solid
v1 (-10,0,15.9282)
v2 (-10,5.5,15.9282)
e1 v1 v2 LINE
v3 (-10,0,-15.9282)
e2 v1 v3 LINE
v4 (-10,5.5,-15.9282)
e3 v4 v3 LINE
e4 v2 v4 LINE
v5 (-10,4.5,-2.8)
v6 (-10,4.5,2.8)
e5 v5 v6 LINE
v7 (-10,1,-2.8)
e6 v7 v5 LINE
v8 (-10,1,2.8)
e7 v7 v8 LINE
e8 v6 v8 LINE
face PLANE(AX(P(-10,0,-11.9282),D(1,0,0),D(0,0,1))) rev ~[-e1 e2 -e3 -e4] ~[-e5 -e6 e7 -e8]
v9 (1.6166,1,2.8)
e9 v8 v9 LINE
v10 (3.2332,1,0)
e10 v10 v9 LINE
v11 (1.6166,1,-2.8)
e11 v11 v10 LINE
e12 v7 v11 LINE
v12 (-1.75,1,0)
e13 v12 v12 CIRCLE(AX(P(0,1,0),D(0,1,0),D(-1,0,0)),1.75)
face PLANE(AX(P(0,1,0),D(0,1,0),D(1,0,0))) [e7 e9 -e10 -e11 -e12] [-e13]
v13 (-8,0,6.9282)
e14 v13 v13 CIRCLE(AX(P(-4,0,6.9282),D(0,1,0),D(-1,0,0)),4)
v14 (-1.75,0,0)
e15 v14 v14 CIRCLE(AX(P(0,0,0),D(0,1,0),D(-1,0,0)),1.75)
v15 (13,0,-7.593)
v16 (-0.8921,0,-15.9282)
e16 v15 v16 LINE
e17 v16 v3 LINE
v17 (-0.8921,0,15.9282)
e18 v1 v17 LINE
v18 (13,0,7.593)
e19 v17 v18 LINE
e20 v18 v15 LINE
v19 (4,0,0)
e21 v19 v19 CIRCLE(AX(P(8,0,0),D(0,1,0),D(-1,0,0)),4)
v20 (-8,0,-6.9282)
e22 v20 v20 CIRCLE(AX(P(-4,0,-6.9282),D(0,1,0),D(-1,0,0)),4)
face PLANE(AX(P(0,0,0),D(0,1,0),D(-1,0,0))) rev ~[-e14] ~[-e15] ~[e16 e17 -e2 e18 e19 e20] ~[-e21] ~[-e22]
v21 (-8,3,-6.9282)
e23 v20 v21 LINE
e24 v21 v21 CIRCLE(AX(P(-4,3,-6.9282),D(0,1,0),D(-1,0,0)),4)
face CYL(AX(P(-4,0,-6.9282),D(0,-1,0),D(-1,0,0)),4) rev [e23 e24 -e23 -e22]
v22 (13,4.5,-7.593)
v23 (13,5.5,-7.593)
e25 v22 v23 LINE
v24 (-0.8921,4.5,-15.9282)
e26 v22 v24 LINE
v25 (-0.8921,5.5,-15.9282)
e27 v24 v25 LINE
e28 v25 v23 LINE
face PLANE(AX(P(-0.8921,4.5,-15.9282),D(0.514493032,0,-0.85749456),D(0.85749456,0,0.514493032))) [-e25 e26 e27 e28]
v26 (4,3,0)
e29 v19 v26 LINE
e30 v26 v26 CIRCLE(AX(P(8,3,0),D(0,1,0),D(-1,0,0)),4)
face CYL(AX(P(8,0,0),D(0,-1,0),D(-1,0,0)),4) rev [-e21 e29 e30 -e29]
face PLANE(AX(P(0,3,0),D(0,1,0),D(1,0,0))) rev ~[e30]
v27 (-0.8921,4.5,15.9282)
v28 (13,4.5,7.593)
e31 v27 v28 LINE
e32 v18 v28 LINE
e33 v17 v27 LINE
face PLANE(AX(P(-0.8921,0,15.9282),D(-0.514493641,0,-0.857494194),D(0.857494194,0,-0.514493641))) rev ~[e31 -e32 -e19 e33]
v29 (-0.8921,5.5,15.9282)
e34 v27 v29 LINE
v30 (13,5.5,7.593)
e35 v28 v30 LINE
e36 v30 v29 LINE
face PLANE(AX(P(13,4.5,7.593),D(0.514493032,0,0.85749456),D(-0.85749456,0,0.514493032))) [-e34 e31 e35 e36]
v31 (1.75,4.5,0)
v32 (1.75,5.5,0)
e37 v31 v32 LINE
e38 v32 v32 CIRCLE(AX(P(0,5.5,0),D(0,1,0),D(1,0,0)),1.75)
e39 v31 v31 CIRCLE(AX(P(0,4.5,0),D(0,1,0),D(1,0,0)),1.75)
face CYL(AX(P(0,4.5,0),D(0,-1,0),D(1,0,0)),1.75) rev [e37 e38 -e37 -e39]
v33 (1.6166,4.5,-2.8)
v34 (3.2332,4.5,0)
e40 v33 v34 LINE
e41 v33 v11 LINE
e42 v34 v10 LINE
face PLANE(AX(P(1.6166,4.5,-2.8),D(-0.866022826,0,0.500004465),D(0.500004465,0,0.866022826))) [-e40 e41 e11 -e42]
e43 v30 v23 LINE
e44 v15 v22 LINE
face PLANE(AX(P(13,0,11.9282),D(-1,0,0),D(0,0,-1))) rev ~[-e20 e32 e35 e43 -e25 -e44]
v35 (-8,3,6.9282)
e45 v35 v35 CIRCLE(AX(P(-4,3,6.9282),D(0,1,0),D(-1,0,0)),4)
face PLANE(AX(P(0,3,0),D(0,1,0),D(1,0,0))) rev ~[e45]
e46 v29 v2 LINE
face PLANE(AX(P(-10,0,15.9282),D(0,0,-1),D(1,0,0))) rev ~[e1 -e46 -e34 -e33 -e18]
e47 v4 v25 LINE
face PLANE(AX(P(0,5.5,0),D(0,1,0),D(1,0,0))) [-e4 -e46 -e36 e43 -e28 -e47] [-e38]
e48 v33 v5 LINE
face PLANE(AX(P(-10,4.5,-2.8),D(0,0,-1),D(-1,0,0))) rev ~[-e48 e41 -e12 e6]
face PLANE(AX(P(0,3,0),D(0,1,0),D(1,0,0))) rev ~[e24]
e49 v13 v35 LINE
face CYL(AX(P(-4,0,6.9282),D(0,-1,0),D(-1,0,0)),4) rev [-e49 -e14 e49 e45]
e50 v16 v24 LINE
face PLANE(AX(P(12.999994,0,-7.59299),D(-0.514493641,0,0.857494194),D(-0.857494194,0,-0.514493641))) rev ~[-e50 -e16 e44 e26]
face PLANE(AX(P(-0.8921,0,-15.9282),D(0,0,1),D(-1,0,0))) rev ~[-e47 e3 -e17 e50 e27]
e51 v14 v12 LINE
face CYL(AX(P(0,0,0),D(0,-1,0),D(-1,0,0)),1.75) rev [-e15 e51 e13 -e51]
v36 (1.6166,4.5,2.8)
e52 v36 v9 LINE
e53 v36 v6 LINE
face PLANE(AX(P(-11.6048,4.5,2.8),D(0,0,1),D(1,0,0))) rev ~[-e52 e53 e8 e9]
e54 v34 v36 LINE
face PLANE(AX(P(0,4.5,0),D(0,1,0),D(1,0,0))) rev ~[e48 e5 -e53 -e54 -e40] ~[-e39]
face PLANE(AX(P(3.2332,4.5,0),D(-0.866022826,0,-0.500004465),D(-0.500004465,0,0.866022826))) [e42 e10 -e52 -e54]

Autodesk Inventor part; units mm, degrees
ref_plane "YZ Plane" through (0, 0, 0) normal (1, 0, 0) x (0, 1, 0)
ref_plane "XZ Plane" through (0, 0, 0) normal (0, 1, 0) x (-1, 0, 0)
ref_plane "XY Plane" through (0, 0, 0) normal (0, 0, 1) x (1, 0, 0)
sketch "Sketch1" plane through (0, 0, 0) normal (0, 1, 0) x (-1, 0, 0)
  line L0 (-13, -11.9282) -> (10, -11.9282)
  line L1 (10, -11.9282) -> (10, 11.9282)
  line L2 (10, 11.9282) -> (-13, 11.9282)
  line L3 (-13, 11.9282) -> (-13, -11.9282)
  circle A0 centre (-8, 0) radius 4
  circle A1 centre (4, -6.9282) radius 4
  circle A2 centre (4, 6.9282) radius 4
  circle A3 centre (0, 0) radius 8 construction
  circle A4 centre (0, 0) radius 1.75
  dimension "d11" = 16
  dimension "d2" = 8
  dimension "d6" = 360
  dimension "d8" = 6
  dimension "d9" = 5
  dimension "d12" = 5
  dimension "d13" = 5
  dimension "d35" = 3.5
extrude "Extrusion1" add sketch "Sketch1" along normal blind 3
sketch "Sketch2" plane through (0, 3, 0) normal (0, 1, 0) x (1, 0, 0)
  circle A0 centre (-4, -6.9282) radius 4 projected
  circle A1 centre (-4, 6.9282) radius 4 projected
  circle A2 centre (8, 0) radius 4 projected
  line L0 (13, 11.9282) -> (-10, 11.9282) projected
  line L1 (-10, 11.9282) -> (-10, -11.9282) projected
  line L2 (-10, -11.9282) -> (13, -11.9282) projected
  line L3 (13, -11.9282) -> (13, 11.9282) projected
  circle A3 centre (0, 0) radius 1.75
  dimension "d16" = 3.5
extrude "Extrusion2" add sketch "Sketch2" along normal blind 1.5 contours A0 | A1 | A2 | L3 L2 L1 L0
sketch "Sketch3" plane through (0, 0, 0) normal (0, -1, 0) x (1, 0, 0)
  circle A0 centre (-4, 6.9282) radius 4 projected
  circle A1 centre (-4, -6.9282) radius 4 projected
  circle A2 centre (8, 0) radius 4 projected
  line L0 (13, -11.9282) -> (-10, -11.9282) projected
  line L1 (13, 11.9282) -> (13, -11.9282) projected
  line L2 (-10, 11.9282) -> (13, 11.9282) projected
  line L3 (-10, -11.9282) -> (-10, 11.9282) construction
  line L4 (-2, 11.9282) -> (13, 2.9282)
  line L5 (13, 11.9282) -> (13, -11.9282) projected
  line L6 (13, -2.9282) -> (-2, -11.9282)
  point P0 (0, 0)
  dimension "d19" = 9
  dimension "d20" = 9
  dimension "d21" = 15
  dimension "d22" = 15
extrude "Extrusion3" cut sketch "Sketch3" against normal through all contours L4 L2 L1 | L0 L6 L1
sketch "Sketch5" plane through (0, 0, 0) normal (0, -1, 0) x (1, 0, 0)
  line L0 (13, 2.9282) -> (-2, 11.9282) projected
  line L1 (-10, 11.9282) -> (-2, 11.9282) projected
  line L2 (-10, -11.9282) -> (-10, 11.9282) projected
  line L3 (-2, -11.9282) -> (-10, -11.9282) projected
  line L4 (-2, -11.9282) -> (13, -2.9282) projected
  line L5 (13, 2.9282) -> (13, -2.9282) projected
  circle A0 centre (-4, 6.9282) radius 4 projected
  circle A1 centre (-4, -6.9282) radius 4 projected
  circle A2 centre (8, 0) radius 4 projected
  line L6 (17, -5.193) -> (-0.8921, -15.9282)
  line L7 (-0.8921, -15.9282) -> (-14, -15.9282)
  line L8 (-14, -15.9282) -> (-14, 15.9282)
  line L9 (-14, 15.9282) -> (-0.8921, 15.9282)
  line L10 (-0.8921, 15.9282) -> (17, 5.193)
  line L11 (17, 5.193) -> (17, -5.193)
  line L12 (13, -2.9282) -> (13, -7.593)
  line L13 (13, 2.8448) -> (13, 7.593)
  line L14 (-2, -11.9282) -> (-10, -11.9282) projected
  line L15 (-10, -11.9282) -> (-10, -15.9282)
  line L16 (-10, 11.9282) -> (-2, 11.9282) projected
  line L17 (-10, 11.9282) -> (-10, 15.9282)
  line L18 (-2, -11.9282) -> (13, -2.9282) projected
  line L19 (13, -2.9282) -> (-2, -11.9282)
  line L20 (-2, -11.9282) -> (-10, -11.9282)
  line L21 (-10, -11.9282) -> (-10, 11.9282) projected
  line L22 (-10, 11.9282) -> (-2, 11.9282)
  line L23 (13, 2.9282) -> (-2, 11.9282) projected
  line L24 (13, 2.9282) -> (-2, 11.9282)
  line L25 (13, -2.9282) -> (13, 2.8448)
  point P0 (0, 0)
  dimension "d27" = 4
extrude "Extrusion5" add sketch "Sketch5" against normal up to surface (4.5 mm away) contours L0 L1 L17 L9 L10 L13 | L12 L6 L7 L15 L3 L4
sketch "Sketch6" plane through (0, 4.5, 0) normal (0, 1, 0) x (1, 0, 0)
  line L0 (13, -7.593) -> (13, 7.593) projected
  line L1 (-0.8921, 15.9282) -> (13, 7.593) projected
  line L2 (-10, 15.9282) -> (-0.8921, 15.9282) projected
  line L3 (-10, -15.9282) -> (-10, 15.9282) projected
  line L4 (-0.8921, -15.9282) -> (-10, -15.9282) projected
  line L5 (13, -7.593) -> (-0.8921, -15.9282) projected
  line L6 (13, 7.593) -> (-0.8921, 15.9282)
  line L7 (-0.8921, 15.9282) -> (-2.4356, 13.3557)
  line L8 (-2.4356, 13.3557) -> (11.4565, 5.0205)
  line L9 (11.4565, 5.0205) -> (13, 7.593)
  line L10 (13, -7.593) -> (13, 7.593) projected
  line L11 (13, -7.593) -> (-0.8921, -15.9282)
  line L12 (-0.8921, -15.9282) -> (-2.4356, -13.3557)
  line L13 (-2.4356, -13.3557) -> (11.4565, -5.0205)
  line L14 (11.4565, -5.0205) -> (13, -7.593)
  point P0 (0, 0)
  dimension "d30" = 3
  dimension "d31" = 3
extrude "Extrusion6" [suppressed]
sketch "Sketch7" plane through (0, 4.5, 0) normal (0, 1, 0) x (1, 0, 0)
  line L0 (13, -7.593) -> (13, 7.593) projected
  line L1 (-0.8921, 15.9282) -> (13, 7.593) projected
  line L2 (-10, 15.9282) -> (-0.8921, 15.9282) projected
  line L3 (-10, -15.9282) -> (-10, 15.9282) projected
  line L4 (-0.8921, -15.9282) -> (-10, -15.9282) projected
  line L5 (13, -7.593) -> (-0.8921, -15.9282) projected
  circle A0 centre (0, 0) radius 1.75 projected
  line L6 (1.6166, 2.8) -> (3.2332, 0)
  line L7 (3.2332, 0) -> (1.6166, -2.8)
  line L8 (1.6166, -2.8) -> (-1.6166, -2.8)
  line L9 (-1.6166, -2.8) -> (-3.2332, 0)
  line L10 (-3.2332, 0) -> (-1.6166, 2.8)
  line L11 (-1.6166, 2.8) -> (1.6166, 2.8)
  line L12 (-1.6166, 2.8) -> (-11.6048, 2.8)
  line L13 (-11.6048, 2.8) -> (-11.6048, -2.8)
  line L14 (-11.6048, -2.8) -> (-1.6166, -2.8)
  line L15 (-1.6166, -2.8) -> (-1.6166, 2.8)
  dimension "d39" = 5.6
extrude "Extrusion7" cut sketch "Sketch7" against normal blind 3.5 contours L14 L13 L12 L3 | L3 L12 L10 L9 L14 | L15 A0 L11 L6 L7 L8 | L9 L10 L15 A0
sketch "Sketch8" plane through (0, 4.5, 0) normal (0, 1, 0) x (1, 0, 0)
  line L0 (-10, 2.8) -> (1.6166, 2.8) projected
  line L1 (1.6166, 2.8) -> (3.2332, 0) projected
  line L2 (3.2332, 0) -> (1.6166, -2.8) projected
  line L3 (1.6166, -2.8) -> (-10, -2.8) projected
  line L4 (-10, -15.9282) -> (-10, -2.8) projected
  line L5 (-0.8921, -15.9282) -> (-10, -15.9282) projected
  line L6 (13, -7.593) -> (-0.8921, -15.9282) projected
  line L7 (13, -7.593) -> (13, 7.593) projected
  line L8 (-0.8921, 15.9282) -> (13, 7.593) projected
  line L9 (-10, 15.9282) -> (-0.8921, 15.9282) projected
  line L10 (-10, 2.8) -> (-10, 15.9282) projected
  line L11 (-10, 2.8) -> (-10, 15.9282) projected
  line L12 (-10, -15.9282) -> (-10, -2.8) projected
  line L13 (-10, 2.8) -> (-10, -2.8)
  circle A0 centre (0, 0) radius 1.75 projected
extrude "Extrusion8" add sketch "Sketch8" along normal blind 1
equation "\"d12\" = d9"
equation "\"d13\" = d9"
properties part number "30_Cube_Z_Focus_Drylin_NEMA_slide_part1"
